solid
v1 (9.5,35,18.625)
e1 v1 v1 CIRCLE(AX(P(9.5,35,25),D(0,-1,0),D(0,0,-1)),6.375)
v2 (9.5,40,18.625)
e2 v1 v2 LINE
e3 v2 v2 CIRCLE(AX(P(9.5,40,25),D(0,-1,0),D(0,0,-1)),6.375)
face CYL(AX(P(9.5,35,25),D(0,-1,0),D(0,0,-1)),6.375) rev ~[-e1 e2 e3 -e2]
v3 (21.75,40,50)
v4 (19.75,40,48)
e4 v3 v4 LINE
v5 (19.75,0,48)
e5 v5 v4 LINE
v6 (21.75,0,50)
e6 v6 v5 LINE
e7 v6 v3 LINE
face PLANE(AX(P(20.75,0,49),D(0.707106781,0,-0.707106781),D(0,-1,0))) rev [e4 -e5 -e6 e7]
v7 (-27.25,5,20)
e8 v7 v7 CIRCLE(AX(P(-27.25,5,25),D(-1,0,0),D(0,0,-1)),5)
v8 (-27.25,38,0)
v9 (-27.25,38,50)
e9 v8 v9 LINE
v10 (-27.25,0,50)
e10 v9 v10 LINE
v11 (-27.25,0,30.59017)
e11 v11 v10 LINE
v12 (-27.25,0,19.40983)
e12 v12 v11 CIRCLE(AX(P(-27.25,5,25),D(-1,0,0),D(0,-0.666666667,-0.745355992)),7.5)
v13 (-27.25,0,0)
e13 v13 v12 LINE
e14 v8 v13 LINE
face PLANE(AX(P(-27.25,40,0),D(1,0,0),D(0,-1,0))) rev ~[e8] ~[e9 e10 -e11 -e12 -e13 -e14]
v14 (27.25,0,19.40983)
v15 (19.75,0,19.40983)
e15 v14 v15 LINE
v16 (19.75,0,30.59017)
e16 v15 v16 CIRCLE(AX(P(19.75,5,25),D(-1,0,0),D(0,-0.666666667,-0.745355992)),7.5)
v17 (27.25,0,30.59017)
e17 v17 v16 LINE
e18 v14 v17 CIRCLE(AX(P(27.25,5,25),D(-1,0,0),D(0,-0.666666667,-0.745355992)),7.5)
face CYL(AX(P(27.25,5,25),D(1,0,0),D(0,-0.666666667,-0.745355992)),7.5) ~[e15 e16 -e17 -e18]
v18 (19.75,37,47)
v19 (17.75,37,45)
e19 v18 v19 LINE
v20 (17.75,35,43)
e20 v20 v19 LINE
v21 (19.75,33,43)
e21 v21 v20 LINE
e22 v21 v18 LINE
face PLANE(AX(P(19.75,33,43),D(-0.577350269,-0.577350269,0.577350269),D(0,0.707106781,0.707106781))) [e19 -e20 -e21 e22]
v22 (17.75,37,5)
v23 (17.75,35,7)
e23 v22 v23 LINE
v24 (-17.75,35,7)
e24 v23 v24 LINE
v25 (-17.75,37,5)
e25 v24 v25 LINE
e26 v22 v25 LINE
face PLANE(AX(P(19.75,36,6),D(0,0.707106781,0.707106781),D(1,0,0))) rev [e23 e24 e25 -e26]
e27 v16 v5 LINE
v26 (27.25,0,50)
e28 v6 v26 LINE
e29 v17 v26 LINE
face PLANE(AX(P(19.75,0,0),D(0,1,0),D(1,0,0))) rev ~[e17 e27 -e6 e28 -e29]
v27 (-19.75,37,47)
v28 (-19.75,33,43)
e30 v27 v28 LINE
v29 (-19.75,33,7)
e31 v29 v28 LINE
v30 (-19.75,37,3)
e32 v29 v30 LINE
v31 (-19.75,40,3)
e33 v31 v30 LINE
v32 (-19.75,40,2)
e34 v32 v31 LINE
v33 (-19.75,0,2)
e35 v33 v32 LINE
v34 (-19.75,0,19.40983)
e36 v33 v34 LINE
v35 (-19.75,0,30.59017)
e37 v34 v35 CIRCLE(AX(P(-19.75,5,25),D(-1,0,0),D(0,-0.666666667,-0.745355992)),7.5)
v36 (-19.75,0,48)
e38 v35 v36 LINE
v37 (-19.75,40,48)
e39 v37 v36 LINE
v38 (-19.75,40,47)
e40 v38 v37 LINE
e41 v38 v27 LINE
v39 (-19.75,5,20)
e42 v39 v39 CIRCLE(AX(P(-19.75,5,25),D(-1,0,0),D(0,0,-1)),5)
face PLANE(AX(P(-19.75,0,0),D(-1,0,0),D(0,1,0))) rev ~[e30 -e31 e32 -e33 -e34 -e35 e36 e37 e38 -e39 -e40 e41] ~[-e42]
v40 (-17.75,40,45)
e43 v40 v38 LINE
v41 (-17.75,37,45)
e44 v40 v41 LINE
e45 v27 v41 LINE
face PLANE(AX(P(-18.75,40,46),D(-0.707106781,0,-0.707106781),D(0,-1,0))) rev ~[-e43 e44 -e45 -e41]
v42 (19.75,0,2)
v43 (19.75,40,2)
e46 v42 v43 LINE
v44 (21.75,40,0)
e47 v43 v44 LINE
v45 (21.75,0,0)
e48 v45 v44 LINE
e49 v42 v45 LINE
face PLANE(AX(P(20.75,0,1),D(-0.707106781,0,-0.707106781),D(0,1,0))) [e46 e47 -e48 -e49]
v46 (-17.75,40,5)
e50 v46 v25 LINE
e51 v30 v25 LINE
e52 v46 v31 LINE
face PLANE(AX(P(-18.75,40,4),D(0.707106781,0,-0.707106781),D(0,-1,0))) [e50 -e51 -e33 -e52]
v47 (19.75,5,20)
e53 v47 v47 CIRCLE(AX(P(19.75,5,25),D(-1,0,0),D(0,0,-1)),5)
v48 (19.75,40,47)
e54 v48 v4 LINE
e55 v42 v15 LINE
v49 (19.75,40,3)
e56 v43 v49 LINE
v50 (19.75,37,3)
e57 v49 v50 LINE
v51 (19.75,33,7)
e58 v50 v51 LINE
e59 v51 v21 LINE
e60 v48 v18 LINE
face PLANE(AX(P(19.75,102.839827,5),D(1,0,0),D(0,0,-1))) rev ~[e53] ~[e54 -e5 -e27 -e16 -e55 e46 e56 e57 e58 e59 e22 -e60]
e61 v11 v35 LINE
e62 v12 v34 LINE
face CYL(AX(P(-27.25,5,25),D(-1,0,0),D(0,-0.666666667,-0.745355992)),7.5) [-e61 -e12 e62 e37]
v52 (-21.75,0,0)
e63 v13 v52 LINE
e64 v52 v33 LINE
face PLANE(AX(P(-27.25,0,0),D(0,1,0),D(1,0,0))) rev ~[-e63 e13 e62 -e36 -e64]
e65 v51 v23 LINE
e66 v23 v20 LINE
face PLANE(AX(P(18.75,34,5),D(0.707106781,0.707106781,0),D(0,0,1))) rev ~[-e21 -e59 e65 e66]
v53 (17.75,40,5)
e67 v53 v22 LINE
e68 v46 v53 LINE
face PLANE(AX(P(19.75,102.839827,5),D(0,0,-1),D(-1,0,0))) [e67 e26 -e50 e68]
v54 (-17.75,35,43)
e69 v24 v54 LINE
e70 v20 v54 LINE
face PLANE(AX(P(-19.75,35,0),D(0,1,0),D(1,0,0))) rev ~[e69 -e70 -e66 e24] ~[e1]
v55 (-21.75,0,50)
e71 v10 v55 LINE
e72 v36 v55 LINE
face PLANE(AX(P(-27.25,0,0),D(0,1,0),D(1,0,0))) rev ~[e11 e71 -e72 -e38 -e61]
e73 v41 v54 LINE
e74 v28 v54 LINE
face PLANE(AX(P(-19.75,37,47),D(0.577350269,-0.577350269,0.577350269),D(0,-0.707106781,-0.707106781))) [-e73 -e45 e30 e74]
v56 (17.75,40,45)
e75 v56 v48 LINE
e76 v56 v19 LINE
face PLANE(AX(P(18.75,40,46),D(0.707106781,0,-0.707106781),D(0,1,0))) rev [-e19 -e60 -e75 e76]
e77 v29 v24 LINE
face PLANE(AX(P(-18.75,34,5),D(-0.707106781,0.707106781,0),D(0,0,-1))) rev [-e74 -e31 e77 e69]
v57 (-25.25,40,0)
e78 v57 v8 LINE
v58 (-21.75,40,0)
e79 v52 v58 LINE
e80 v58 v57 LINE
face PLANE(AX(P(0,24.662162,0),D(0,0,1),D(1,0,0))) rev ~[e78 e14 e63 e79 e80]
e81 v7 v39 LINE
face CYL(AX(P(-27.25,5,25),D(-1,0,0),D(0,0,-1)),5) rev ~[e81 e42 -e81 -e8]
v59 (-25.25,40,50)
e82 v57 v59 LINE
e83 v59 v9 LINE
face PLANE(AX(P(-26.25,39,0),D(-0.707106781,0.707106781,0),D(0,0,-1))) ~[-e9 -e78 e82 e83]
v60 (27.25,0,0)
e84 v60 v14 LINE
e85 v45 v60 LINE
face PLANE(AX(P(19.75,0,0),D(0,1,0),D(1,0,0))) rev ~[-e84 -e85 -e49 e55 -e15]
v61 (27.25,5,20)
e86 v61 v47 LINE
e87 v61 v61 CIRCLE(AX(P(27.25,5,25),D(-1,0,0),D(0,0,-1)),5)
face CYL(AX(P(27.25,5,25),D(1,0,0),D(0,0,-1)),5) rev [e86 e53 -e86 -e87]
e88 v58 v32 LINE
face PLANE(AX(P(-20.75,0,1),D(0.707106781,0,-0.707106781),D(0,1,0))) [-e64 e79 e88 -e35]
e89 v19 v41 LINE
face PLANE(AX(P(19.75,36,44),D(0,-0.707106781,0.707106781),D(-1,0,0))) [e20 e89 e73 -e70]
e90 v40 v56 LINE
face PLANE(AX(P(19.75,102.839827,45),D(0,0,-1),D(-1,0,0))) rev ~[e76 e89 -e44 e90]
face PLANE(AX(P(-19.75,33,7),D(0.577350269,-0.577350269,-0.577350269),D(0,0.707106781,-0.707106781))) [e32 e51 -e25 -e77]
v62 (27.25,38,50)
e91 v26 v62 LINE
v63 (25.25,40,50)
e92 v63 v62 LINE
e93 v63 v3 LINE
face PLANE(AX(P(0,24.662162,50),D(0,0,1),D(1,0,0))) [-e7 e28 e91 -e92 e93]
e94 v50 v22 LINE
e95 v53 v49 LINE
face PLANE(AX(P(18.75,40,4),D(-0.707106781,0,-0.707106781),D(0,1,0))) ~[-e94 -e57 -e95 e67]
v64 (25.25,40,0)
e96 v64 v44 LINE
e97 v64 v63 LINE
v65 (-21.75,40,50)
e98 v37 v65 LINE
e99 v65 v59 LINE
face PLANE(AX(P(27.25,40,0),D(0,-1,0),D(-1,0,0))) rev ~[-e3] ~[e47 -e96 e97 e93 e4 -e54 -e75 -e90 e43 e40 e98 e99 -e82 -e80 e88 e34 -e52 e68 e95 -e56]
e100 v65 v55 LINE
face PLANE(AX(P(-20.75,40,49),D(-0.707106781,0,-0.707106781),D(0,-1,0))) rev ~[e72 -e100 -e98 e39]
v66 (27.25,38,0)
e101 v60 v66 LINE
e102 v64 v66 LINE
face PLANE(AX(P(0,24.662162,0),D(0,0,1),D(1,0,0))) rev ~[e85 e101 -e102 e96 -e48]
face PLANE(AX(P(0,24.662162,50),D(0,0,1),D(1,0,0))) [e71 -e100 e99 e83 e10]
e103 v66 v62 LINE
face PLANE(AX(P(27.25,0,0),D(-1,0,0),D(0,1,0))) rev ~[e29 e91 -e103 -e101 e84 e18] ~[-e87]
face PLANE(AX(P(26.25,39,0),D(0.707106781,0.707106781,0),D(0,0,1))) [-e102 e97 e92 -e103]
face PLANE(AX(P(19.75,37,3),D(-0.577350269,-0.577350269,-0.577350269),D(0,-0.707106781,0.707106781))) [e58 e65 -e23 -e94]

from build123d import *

# Parameters (mm, degrees)
BOSS_EXTRUDE1_DEPTH            = 50
CUT_EXTRUDE1_DEPTH             = 67.839827199
CUT_EXTRUDE1_DEPTH_BACK        = 67.839827199
SKETCH3_W                      = 39.5
SKETCH3_H                      = 5
CHAMFER1_SIZE                  = 2
BOSS_EXTRUDE2_DEPTH            = 7.5
CUT_EXTRUDE4_REACH             = 86.085
SKETCH5_R                      = 5
CUT_EXTRUDE4_DIRECTION_2_DEPTH = 85.084778646
SKETCH6_R                      = 6.375
CUT_EXTRUDE5_DEPTH             = 69.182200757


with BuildPart() as part:
    # Sketch1 → Boss-Extrude1 (new body)
    with BuildSketch(Plane.XY):
        Polygon((-27.25, 0), (-19.75, 0), (-19.75, 35), (19.75, 35), (19.75, 0), (27.25, 0), (27.25, 40), (-27.25, 40), align=None)
    extrude(amount=BOSS_EXTRUDE1_DEPTH)

    # Sketch3 → Cut-Extrude1 (cut, two sides: drawn at the far end of the back side and taken through both)
    with BuildSketch(Plane(origin=(0, 35, 0), x_dir=(-1, 0, 0), z_dir=(0, -1, 0)).offset(-CUT_EXTRUDE1_DEPTH_BACK)):
        with Locations((0, -2.5)):
            Rectangle(SKETCH3_W, SKETCH3_H)
        with Locations((0, -47.5)):
            Rectangle(SKETCH3_W, SKETCH3_H)
    extrude(amount=CUT_EXTRUDE1_DEPTH + CUT_EXTRUDE1_DEPTH_BACK, mode=Mode.SUBTRACT)

    # Chamfer1
    chamfer1_edges = [part.edges().sort_by_distance(p)[0] for p in [
        (-19.75, 20, 0),
        (-19.75, 20, 50),
        (-27.25, 40, 25),
        (27.25, 40, 25),
        (19.75, 20, 50),
        (19.75, 35, 25),
        (-19.75, 35, 25),
        (-19.75, 37.5, 5),
        (0, 35, 5),
        (19.75, 37.5, 5),
        (19.75, 37.5, 45),
        (0, 35, 45),
        (-19.75, 37.5, 45),
        (19.75, 20, 0),
    ]]
    chamfer(chamfer1_edges, length=CHAMFER1_SIZE)

    # Sketch4 → Boss-Extrude2 (add)
    with BuildSketch(Plane.ZY.offset(27.25)):
        with BuildLine():
            Line((30.590169944, 0), (19.409830056, 0))
            ThreePointArc((19.409830056, 0), (25, -2.5), (30.590169944, 0))
        make_face()
    boss_extrude2 = extrude(amount=-BOSS_EXTRUDE2_DEPTH)

    # Sketch5 → Cut-Extrude4 (cut, up to next)
    with BuildSketch(Plane.ZY.offset(27.25), mode=Mode.PRIVATE) as cut_extrude4_sk1:
        with Locations(Location((25, 5, 0), (0, 0, 180))):
            Circle(SKETCH5_R)
    cut_extrude4_tool1 = extrude(cut_extrude4_sk1.sketch, amount=-CUT_EXTRUDE4_REACH, mode=Mode.PRIVATE) & part.part
    cut_extrude4 = cut_extrude4_tool1.solids().sort_by_distance((-27.25, 5, 25))[0]
    add(cut_extrude4, mode=Mode.SUBTRACT)

    # Sketch5 → Cut-Extrude4 direction 2 (cut)
    with BuildSketch(Plane.ZY.offset(27.25)):
        with Locations(Location((25, 5, 0), (0, 0, 180))):
            Circle(SKETCH5_R)
    cut_extrude4_direction_2 = extrude(amount=CUT_EXTRUDE4_DIRECTION_2_DEPTH, mode=Mode.SUBTRACT)

    # Mirror1: Boss-Extrude2, Cut-Extrude4, Cut-Extrude4 direction 2 across plane
    add(boss_extrude2.mirror(Plane(origin=(0, 0, 0), x_dir=(0, 0, 1), z_dir=(1, 0, 0))))
    add(cut_extrude4.mirror(Plane(origin=(0, 0, 0), x_dir=(0, 0, 1), z_dir=(1, 0, 0))), mode=Mode.SUBTRACT)
    add(cut_extrude4_direction_2.mirror(Plane(origin=(0, 0, 0), x_dir=(0, 0, 1), z_dir=(1, 0, 0))), mode=Mode.SUBTRACT)

    # Sketch6 → Cut-Extrude5 (cut, through all)
    with BuildSketch(Plane.XZ.offset(-35)):
        with Locations(Location((9.5, 25, 0), (0, 0, 270))):
            Circle(SKETCH6_R)
    extrude(amount=-CUT_EXTRUDE5_DEPTH, mode=Mode.SUBTRACT)


solid = part.part
